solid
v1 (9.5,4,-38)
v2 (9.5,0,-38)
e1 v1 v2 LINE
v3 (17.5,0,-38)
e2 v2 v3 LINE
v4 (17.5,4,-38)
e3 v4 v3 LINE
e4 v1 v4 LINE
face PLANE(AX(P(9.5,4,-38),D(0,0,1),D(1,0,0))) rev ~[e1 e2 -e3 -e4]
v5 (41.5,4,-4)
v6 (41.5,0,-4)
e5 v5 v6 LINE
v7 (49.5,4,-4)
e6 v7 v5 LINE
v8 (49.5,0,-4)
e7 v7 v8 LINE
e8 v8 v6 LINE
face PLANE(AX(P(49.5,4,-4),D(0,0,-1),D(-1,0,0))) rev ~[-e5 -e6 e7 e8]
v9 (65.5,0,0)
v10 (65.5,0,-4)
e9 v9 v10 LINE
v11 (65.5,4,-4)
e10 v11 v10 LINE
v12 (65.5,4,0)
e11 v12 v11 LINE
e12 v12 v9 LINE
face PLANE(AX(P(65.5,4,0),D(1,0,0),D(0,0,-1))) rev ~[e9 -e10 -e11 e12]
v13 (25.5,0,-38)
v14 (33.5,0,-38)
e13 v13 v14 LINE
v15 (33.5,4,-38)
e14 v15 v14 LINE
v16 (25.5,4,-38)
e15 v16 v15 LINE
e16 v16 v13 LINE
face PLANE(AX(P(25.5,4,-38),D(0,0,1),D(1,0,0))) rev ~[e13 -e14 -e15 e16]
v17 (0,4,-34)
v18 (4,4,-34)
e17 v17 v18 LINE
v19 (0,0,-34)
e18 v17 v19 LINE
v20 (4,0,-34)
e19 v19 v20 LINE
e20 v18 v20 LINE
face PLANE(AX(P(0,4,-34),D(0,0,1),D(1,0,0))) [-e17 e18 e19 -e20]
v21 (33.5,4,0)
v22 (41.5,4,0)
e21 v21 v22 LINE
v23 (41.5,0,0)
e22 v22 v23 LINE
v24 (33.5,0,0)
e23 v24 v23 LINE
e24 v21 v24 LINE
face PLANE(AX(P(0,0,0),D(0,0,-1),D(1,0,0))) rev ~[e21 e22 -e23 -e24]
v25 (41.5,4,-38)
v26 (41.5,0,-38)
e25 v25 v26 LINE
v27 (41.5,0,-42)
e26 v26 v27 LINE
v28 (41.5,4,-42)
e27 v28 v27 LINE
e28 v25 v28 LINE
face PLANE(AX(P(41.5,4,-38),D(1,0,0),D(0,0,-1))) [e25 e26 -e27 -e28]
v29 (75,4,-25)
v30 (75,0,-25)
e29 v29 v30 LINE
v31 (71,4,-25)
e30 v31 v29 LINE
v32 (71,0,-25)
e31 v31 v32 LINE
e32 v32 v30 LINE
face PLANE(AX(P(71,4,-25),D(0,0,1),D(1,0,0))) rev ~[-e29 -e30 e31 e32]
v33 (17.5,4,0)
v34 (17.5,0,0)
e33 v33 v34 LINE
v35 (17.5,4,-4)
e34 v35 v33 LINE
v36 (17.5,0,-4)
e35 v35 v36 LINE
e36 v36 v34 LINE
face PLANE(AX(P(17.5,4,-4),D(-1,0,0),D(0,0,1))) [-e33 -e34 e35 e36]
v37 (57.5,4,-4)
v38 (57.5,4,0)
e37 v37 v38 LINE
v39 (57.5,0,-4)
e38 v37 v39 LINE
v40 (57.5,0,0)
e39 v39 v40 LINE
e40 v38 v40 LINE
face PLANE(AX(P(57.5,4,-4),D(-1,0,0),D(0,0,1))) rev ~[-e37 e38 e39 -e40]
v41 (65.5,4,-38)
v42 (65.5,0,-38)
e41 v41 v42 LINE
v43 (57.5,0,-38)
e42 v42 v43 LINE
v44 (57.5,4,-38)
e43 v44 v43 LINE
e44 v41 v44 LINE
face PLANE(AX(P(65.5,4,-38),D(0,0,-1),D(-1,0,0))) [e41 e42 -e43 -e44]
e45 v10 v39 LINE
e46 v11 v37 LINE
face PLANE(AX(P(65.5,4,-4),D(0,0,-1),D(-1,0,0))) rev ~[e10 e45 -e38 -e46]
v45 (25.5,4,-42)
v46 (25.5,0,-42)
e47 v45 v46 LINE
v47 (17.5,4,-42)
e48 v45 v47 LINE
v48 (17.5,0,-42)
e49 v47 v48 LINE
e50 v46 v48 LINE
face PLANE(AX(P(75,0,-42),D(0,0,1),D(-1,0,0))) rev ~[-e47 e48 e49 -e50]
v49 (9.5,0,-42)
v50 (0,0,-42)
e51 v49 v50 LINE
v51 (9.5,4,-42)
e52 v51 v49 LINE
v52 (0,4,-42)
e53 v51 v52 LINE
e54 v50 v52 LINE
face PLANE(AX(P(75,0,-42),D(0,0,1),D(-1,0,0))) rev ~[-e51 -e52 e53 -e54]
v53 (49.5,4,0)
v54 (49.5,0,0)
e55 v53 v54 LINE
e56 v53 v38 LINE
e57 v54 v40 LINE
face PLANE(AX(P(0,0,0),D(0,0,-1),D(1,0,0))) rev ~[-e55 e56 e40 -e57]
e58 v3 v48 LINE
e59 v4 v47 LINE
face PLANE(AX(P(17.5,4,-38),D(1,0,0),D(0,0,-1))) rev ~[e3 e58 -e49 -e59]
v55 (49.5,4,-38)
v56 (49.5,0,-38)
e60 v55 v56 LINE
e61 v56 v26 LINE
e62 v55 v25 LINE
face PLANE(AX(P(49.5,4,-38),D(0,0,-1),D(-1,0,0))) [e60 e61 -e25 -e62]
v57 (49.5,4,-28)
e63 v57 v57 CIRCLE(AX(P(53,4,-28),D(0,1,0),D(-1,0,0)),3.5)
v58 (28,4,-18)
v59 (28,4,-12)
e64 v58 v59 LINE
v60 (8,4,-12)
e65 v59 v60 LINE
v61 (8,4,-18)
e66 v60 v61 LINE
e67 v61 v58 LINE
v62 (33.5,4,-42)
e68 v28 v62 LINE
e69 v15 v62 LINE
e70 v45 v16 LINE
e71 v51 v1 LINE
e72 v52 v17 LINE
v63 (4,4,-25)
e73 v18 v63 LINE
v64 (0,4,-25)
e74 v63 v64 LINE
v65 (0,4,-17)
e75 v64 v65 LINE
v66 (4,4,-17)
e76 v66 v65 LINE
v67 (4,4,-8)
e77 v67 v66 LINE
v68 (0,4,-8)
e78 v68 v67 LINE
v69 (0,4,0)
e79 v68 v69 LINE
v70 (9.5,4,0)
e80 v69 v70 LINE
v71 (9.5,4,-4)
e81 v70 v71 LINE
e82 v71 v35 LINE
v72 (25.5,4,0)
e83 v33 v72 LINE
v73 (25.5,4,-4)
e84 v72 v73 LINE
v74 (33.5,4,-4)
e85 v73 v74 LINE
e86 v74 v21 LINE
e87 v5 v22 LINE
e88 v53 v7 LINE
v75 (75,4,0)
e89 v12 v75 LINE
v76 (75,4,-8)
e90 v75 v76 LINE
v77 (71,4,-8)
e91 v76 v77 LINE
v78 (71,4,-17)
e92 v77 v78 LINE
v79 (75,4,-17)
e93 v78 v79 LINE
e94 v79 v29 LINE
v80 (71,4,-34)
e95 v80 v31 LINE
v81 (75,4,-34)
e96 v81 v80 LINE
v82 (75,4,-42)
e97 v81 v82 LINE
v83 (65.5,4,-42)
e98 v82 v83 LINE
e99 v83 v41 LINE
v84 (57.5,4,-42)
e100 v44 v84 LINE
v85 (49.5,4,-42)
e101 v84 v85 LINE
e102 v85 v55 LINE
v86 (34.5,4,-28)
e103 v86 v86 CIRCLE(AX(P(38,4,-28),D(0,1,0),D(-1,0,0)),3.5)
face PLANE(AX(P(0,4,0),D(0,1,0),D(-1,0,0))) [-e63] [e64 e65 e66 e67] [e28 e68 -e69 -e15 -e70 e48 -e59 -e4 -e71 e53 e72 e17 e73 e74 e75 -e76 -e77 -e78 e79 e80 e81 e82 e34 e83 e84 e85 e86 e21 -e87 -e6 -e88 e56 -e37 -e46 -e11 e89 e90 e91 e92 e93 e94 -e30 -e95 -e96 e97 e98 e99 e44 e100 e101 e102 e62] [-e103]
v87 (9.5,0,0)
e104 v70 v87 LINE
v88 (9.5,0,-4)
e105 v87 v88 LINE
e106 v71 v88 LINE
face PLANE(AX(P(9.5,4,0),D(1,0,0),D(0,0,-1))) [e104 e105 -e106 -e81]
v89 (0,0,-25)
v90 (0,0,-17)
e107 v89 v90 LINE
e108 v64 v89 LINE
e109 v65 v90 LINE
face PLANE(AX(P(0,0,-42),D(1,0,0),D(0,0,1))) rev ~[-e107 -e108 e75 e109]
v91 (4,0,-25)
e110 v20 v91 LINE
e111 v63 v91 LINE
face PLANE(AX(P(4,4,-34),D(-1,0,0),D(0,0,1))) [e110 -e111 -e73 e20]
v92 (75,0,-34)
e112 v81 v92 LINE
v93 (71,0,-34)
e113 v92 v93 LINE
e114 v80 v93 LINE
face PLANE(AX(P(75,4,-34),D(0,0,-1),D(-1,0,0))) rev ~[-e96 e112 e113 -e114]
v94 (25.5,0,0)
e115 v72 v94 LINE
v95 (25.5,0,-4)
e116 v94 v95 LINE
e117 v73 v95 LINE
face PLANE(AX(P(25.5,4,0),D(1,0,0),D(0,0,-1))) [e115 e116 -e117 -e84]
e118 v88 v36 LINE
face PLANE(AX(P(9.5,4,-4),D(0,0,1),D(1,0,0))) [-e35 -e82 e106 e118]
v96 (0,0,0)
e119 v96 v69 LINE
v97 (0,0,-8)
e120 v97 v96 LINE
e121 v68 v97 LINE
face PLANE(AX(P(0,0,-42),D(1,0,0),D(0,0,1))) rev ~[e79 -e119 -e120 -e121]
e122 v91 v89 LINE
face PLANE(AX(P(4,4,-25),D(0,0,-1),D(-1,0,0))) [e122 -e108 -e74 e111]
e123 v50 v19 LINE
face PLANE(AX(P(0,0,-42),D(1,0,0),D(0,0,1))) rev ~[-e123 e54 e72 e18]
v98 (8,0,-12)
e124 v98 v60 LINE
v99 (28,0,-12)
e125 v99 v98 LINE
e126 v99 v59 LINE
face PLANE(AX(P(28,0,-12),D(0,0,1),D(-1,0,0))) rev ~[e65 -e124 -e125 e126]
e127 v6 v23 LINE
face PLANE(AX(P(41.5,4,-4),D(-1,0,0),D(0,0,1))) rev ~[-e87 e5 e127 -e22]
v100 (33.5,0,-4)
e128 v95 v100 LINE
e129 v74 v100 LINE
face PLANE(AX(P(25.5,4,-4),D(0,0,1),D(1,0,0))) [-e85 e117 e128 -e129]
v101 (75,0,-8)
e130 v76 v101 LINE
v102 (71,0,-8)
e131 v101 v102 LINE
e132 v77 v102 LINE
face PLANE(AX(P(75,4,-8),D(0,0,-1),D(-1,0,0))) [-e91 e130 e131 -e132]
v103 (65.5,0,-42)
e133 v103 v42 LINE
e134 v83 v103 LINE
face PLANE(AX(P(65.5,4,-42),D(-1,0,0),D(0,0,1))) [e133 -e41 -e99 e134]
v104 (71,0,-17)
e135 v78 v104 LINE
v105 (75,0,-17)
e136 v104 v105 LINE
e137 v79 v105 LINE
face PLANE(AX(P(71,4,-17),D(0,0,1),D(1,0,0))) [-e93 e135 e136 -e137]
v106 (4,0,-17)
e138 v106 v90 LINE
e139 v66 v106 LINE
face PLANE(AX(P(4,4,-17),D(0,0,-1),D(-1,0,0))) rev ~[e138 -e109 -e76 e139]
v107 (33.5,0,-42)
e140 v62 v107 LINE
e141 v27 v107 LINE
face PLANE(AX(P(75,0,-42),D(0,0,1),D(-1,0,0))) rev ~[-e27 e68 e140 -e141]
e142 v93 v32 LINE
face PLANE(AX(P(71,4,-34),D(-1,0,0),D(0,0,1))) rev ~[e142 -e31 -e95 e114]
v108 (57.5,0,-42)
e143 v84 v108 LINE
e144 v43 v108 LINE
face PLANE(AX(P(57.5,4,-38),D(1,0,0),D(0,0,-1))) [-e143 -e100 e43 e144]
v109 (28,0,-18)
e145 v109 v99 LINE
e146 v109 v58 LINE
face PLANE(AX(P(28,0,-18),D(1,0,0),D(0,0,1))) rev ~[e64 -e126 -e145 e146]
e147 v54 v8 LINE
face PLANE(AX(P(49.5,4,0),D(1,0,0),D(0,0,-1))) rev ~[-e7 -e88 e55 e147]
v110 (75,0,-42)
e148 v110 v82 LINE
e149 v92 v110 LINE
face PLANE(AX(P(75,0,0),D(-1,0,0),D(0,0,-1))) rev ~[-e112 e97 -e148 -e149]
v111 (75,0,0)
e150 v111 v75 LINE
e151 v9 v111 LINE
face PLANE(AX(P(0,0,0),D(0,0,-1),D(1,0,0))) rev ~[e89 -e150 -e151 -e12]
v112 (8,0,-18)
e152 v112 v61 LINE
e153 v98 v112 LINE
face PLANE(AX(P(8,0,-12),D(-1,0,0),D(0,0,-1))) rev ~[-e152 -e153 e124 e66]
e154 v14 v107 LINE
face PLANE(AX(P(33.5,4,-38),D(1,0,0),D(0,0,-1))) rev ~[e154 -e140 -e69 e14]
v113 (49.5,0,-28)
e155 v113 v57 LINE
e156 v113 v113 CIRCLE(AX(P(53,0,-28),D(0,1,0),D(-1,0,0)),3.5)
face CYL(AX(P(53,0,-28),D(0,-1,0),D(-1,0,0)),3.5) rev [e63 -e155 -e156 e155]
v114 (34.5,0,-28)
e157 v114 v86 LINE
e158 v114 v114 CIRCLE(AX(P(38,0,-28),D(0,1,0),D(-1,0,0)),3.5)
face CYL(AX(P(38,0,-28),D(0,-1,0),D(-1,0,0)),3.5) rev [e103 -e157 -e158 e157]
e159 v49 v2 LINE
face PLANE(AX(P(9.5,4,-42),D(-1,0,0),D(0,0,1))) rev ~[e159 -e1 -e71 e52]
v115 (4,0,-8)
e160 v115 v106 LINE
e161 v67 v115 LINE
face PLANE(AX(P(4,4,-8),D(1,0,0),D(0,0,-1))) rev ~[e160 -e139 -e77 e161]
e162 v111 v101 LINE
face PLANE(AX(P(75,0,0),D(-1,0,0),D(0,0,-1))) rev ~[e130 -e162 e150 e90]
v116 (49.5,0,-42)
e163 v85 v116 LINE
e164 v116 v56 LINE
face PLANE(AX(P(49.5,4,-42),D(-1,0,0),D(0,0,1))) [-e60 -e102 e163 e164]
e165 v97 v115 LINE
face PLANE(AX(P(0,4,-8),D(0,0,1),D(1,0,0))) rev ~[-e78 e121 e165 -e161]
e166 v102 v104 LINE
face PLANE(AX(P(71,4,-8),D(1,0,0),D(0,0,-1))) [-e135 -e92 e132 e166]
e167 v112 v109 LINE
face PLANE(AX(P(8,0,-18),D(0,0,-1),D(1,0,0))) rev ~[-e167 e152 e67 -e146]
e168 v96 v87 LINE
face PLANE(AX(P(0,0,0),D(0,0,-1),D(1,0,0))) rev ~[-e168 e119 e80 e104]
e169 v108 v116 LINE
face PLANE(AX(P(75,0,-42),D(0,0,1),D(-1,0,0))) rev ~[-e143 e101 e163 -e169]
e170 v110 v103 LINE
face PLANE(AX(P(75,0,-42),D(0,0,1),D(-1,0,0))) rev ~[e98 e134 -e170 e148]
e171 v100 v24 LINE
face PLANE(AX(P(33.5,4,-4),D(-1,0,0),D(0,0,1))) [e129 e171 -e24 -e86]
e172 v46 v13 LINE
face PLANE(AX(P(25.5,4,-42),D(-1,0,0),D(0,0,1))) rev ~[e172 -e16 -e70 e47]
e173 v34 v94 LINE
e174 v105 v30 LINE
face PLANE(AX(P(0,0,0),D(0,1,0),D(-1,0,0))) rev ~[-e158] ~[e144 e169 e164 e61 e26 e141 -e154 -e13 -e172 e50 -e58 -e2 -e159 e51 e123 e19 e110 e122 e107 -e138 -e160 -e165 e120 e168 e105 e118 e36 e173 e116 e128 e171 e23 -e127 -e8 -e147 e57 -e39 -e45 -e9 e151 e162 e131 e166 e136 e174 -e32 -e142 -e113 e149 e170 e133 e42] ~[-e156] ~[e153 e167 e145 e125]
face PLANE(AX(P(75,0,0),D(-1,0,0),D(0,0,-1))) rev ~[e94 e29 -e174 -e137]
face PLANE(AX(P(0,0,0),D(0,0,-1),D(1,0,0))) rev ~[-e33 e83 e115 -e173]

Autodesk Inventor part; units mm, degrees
ref_plane "YZ Plane" through (0, 0, 0) normal (1, 0, 0) x (0, 1, 0)
ref_plane "XZ Plane" through (0, 0, 0) normal (0, 1, 0) x (-1, 0, 0)
ref_plane "XY Plane" through (0, 0, 0) normal (0, 0, 1) x (1, 0, 0)
sketch "Sketch1" plane through (0, 0, 0) normal (0, 1, 0) x (-1, 0, 0)
  line L0 (0, 0) -> (-75, 0)
  line L1 (-75, 0) -> (-75, -42)
  line L2 (-75, -42) -> (0, -42)
  line L3 (0, -42) -> (0, 0)
  line L4 (-8, -18) -> (-28, -18)
  line L5 (-28, -18) -> (-28, -12)
  line L6 (-28, -12) -> (-8, -12)
  line L7 (-8, -12) -> (-8, -18)
  circle A0 centre (-38, -28) radius 3.5
  circle A1 centre (-53, -28) radius 3.5
  dimension "d0" = 75
  dimension "d1" = 42
  dimension "d2" = 20
  dimension "d3" = 6
  dimension "d4" = 12
  dimension "d5" = 8
  dimension "d6" = 7
  dimension "d7" = 28
  dimension "d8" = 38
  dimension "d9" = 15
extrude "Extrusion1" add sketch "Sketch1" along normal blind 4
sketch "Sketch2" plane through (0, 4, 0) normal (0, 1, 0) x (1, 0, 0)
  line L0 (0, 42) -> (0, 0) construction
  line L1 (75, 42) -> (0, 42) construction
  line L2 (75, 0) -> (75, 42) construction
  line L3 (0, 0) -> (75, 0) construction
  line L4 (4, 38) -> (4, 4) construction
  line L5 (4, 4) -> (71, 4) construction
  line L6 (71, 4) -> (71, 38) construction
  line L7 (71, 38) -> (4, 38) construction
  line L8 (0, 42) -> (0, 0) construction
  line L9 (0, 21) -> (75, 21) construction
  line L10 (37.5, 42) -> (37.5, 0) construction
  line L11 (0, 34) -> (4, 34)
  line L12 (4, 34) -> (4, 25)
  line L13 (4, 25) -> (0, 25)
  line L14 (0, 25) -> (0, 34)
  line L15 (75, 42) -> (0, 42) projected
  line L16 (9.5, 38) -> (17.5, 38)
  line L17 (17.5, 38) -> (17.5, 42)
  line L18 (17.5, 42) -> (9.5, 42)
  line L19 (9.5, 42) -> (9.5, 38)
  line L20 (25.5, 38) -> (33.5, 38)
  line L21 (33.5, 38) -> (33.5, 42)
  line L22 (33.5, 42) -> (25.5, 42)
  line L23 (25.5, 42) -> (25.5, 38)
  line L24 (75, 34) -> (71, 34)
  line L25 (71, 34) -> (71, 25)
  line L26 (71, 25) -> (75, 25)
  line L27 (75, 25) -> (75, 34)
  line L28 (65.5, 38) -> (57.5, 38)
  line L29 (57.5, 38) -> (57.5, 42)
  line L30 (57.5, 42) -> (65.5, 42)
  line L31 (65.5, 42) -> (65.5, 38)
  line L32 (49.5, 38) -> (41.5, 38)
  line L33 (41.5, 38) -> (41.5, 42)
  line L34 (41.5, 42) -> (49.5, 42)
  line L35 (49.5, 42) -> (49.5, 38)
  line L36 (75, 0) -> (0, 0) construction
  line L37 (71, 4) -> (4, 4) construction
  line L38 (0, 8) -> (4, 8)
  line L39 (4, 8) -> (4, 17)
  line L40 (4, 17) -> (0, 17)
  line L41 (0, 17) -> (0, 8)
  line L42 (75, 0) -> (0, 0)
  line L43 (9.5, 4) -> (17.5, 4)
  line L44 (17.5, 4) -> (17.5, 0)
  line L45 (17.5, 0) -> (9.5, 0)
  line L46 (9.5, 0) -> (9.5, 4)
  line L47 (25.5, 4) -> (33.5, 4)
  line L48 (33.5, 4) -> (33.5, 0)
  line L49 (33.5, 0) -> (25.5, 0)
  line L50 (25.5, 0) -> (25.5, 4)
  line L51 (49.5, 4) -> (41.5, 4)
  line L52 (49.5, 0) -> (49.5, 4)
  line L53 (41.5, 0) -> (49.5, 0)
  line L54 (41.5, 4) -> (41.5, 0)
  line L55 (57.5, 4) -> (57.5, 0)
  line L56 (65.5, 4) -> (57.5, 4)
  line L57 (57.5, 0) -> (65.5, 0)
  line L58 (71, 8) -> (71, 17)
  line L59 (71, 17) -> (75, 17)
  line L60 (75, 17) -> (75, 8)
  line L61 (75, 8) -> (71, 8)
  line L62 (65.5, 0) -> (65.5, 4)
  dimension "d12" = 4
  dimension "d13" = 4
  dimension "d14" = 8
  dimension "d15" = 8
  dimension "d16" = 8
  dimension "d17" = 8
  dimension "d18" = 4
extrude "Extrusion2" cut sketch "Sketch2" against normal up to surface (4 mm away)
properties part number "left" material "PBT Plastic Black"
